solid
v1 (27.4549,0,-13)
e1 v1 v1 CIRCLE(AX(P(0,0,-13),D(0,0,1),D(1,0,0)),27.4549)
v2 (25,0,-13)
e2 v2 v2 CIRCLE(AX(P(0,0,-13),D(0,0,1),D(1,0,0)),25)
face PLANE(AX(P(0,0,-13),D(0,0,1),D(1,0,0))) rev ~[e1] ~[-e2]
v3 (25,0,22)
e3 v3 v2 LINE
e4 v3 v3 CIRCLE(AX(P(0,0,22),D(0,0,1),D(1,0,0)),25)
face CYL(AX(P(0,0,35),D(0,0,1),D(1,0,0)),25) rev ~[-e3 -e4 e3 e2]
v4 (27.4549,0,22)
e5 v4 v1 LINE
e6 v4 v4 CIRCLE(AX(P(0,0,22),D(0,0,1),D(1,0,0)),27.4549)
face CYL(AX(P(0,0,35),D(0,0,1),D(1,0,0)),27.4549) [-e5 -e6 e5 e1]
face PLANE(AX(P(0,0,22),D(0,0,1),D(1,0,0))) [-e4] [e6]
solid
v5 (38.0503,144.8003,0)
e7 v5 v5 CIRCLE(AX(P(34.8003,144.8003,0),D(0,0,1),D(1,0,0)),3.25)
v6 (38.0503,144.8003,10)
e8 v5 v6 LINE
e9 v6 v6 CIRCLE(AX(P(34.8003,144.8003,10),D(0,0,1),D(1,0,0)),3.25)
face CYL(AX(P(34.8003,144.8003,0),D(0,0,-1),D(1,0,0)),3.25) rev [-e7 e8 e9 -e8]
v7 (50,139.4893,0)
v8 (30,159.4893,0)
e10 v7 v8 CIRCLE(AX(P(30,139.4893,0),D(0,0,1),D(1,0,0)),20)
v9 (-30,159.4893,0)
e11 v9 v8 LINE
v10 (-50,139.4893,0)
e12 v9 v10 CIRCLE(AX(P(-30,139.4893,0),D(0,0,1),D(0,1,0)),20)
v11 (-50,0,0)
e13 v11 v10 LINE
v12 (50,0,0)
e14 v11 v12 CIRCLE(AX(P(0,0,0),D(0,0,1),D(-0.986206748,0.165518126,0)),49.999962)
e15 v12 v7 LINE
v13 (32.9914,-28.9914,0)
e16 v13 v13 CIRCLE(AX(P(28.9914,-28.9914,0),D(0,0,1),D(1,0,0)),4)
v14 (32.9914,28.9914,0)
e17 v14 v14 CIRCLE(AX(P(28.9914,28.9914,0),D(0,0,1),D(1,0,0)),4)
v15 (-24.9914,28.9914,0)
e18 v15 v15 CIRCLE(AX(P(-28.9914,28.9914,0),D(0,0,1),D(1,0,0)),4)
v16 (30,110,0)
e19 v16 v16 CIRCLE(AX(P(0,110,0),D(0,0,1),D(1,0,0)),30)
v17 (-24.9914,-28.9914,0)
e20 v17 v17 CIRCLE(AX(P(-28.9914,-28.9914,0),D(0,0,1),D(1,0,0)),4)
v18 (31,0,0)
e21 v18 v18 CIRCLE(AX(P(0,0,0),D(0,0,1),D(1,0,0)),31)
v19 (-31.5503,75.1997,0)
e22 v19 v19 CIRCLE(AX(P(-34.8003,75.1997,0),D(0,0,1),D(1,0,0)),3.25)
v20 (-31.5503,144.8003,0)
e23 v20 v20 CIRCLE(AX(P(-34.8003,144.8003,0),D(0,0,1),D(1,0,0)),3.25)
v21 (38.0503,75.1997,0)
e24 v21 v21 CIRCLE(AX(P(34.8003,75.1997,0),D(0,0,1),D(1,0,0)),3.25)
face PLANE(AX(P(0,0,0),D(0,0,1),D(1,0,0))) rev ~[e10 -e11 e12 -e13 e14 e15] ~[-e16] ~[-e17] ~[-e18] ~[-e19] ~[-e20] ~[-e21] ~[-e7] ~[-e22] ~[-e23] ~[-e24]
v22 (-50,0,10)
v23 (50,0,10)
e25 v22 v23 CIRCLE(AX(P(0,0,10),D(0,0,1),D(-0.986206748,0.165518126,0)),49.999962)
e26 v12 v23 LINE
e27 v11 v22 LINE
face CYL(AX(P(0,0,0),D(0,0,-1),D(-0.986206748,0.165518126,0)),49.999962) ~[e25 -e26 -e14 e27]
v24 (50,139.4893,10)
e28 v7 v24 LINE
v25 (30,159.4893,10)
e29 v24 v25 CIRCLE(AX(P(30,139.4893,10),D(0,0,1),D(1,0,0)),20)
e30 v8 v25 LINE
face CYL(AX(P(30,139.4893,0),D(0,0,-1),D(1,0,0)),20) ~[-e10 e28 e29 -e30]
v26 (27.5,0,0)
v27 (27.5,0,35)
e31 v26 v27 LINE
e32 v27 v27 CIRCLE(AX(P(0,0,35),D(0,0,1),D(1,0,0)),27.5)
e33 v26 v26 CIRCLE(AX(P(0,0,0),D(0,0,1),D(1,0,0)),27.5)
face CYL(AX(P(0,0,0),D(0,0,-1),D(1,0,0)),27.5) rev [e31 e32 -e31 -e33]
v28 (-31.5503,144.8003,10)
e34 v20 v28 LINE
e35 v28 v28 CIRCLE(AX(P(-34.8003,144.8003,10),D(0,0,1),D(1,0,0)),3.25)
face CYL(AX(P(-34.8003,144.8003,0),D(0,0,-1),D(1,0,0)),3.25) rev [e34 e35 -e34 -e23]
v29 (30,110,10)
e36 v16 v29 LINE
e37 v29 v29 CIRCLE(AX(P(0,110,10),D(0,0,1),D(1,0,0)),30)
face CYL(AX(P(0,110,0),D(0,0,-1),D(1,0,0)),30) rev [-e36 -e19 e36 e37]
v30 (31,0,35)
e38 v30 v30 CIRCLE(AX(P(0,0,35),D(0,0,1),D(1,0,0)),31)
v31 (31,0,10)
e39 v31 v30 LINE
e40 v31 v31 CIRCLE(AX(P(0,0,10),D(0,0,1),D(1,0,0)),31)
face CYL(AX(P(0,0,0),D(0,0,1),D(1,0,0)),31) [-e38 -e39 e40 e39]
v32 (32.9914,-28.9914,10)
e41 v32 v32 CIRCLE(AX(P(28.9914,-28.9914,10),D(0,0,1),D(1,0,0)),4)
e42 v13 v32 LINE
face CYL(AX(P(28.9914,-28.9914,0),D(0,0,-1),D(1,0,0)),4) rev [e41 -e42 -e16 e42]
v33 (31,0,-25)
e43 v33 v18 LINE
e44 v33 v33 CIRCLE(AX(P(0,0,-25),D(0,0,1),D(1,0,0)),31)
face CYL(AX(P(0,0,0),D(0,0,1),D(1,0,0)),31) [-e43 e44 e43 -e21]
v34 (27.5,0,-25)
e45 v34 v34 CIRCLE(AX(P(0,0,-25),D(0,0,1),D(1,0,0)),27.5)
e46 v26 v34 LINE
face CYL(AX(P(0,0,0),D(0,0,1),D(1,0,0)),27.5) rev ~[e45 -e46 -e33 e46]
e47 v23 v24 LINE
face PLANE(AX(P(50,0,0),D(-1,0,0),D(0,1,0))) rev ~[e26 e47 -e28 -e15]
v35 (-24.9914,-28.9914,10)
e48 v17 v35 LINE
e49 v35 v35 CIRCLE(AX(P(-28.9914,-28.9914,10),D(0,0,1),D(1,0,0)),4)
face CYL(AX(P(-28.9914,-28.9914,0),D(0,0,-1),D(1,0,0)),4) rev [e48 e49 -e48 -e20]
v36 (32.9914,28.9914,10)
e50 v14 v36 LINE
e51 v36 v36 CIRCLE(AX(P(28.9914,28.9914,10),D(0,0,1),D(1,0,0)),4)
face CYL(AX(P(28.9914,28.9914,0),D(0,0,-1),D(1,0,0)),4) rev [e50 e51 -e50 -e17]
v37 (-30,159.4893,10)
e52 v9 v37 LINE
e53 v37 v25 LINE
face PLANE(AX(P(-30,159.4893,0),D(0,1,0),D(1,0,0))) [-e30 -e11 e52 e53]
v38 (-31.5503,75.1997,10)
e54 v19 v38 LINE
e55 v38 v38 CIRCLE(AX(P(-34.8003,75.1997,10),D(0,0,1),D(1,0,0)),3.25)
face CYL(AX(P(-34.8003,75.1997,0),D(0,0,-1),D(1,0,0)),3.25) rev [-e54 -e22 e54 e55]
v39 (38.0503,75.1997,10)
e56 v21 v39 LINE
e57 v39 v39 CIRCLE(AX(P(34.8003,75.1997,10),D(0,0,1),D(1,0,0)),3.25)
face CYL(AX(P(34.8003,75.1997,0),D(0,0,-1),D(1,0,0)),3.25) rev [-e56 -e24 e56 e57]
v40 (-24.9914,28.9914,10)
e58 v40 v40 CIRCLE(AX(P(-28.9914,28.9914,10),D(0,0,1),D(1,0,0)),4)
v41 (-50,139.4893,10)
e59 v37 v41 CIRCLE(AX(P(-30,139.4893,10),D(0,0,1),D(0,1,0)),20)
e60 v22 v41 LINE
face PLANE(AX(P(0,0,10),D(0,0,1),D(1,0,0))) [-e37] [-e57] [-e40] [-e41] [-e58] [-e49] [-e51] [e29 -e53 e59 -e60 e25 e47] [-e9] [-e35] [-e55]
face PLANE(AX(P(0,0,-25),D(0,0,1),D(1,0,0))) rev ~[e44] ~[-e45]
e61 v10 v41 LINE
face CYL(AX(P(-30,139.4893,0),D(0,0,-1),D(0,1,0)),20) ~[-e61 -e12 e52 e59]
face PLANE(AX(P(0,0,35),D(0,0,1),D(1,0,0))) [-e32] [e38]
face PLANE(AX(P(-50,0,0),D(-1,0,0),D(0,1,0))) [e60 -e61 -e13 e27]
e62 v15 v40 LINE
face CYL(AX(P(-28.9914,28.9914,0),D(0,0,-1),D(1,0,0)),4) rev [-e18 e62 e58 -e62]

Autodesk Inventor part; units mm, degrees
ref_plane "YZ Plane" through (0, 0, 0) normal (1, 0, 0) x (0, 1, 0)
ref_plane "XZ Plane" through (0, 0, 0) normal (0, 1, 0) x (-1, 0, 0)
ref_plane "XY Plane" through (0, 0, 0) normal (0, 0, 1) x (1, 0, 0)
sketch "Szkic1" plane through (0, 0, 0) normal (0, 0, 1) x (1, 0, 0)
  circle A0 centre (0, 0) radius 27.5
  circle A1 centre (0, 0) radius 31
  arc A2 (-49.3103, 8.2759) -> (49.3103, 8.2759) centre (0, 0) ccw
  circle A3 centre (0, 110) radius 30
  circle A4 centre (0, 0) radius 25
  circle A5 centre (-28.9914, 28.9914) radius 4
  circle A6 centre (-28.9914, -28.9914) radius 4
  circle A7 centre (28.9914, 28.9914) radius 4
  circle A8 centre (28.9914, -28.9914) radius 4
  circle A9 centre (-34.8003, 144.8003) radius 3.25
  circle A10 centre (-34.8003, 75.1997) radius 3.25
  circle A11 centre (34.8003, 75.1997) radius 3.25
  circle A12 centre (34.8003, 144.8003) radius 3.25
  line L0 (-50, 0) -> (-50, 139.4893)
  line L1 (50, 0) -> (50, 139.4893)
  line L2 (-30, 159.4893) -> (30, 159.4893)
  arc A13 (50, 139.4893) -> (30, 159.4893) centre (30, 139.4893) ccw
  arc A14 (-30, 159.4893) -> (-50, 139.4893) centre (-30, 139.4893) ccw
  dimension "d8" = 360
  dimension "d37" = 360
  dimension "d0" = 55
  dimension "d1" = 62
  dimension "d2" = 100
  dimension "d3" = 60
  dimension "d10" = 50
  dimension "d26" = 8
  dimension "d27" = 8
  dimension "d28" = 8
  dimension "d29" = 8
  dimension "d34" = 6.5
  dimension "d41" = 20
  dimension "d42" = 20
extrude "Wyciągnięcie proste1" add sketch "Szkic1" along normal blind 35 contours A1
sketch "Szkic2" plane through (0, 0, 35) normal (0, 0, 1) x (1, 0, 0)
  circle A0 centre (0, 0) radius 25
  circle A1 centre (0, 0) radius 27.4549
  dimension "d15" = 50
extrude "Wyciągnięcie proste3" add sketch "Szkic2" against normal blind 48
extrude "Wyciągnięcie proste5" cut sketch "Szkic2" against normal blind 13
extrude "Wyciągnięcie proste6" add sketch "Szkic1" against normal blind 25 contours A1
extrude "Wyciągnięcie proste7" add sketch "Szkic1" along normal blind 10 contours L0 A14 L2 A13 L1 A2
properties part number "podstwa_obrotowa" material "Tytan"
